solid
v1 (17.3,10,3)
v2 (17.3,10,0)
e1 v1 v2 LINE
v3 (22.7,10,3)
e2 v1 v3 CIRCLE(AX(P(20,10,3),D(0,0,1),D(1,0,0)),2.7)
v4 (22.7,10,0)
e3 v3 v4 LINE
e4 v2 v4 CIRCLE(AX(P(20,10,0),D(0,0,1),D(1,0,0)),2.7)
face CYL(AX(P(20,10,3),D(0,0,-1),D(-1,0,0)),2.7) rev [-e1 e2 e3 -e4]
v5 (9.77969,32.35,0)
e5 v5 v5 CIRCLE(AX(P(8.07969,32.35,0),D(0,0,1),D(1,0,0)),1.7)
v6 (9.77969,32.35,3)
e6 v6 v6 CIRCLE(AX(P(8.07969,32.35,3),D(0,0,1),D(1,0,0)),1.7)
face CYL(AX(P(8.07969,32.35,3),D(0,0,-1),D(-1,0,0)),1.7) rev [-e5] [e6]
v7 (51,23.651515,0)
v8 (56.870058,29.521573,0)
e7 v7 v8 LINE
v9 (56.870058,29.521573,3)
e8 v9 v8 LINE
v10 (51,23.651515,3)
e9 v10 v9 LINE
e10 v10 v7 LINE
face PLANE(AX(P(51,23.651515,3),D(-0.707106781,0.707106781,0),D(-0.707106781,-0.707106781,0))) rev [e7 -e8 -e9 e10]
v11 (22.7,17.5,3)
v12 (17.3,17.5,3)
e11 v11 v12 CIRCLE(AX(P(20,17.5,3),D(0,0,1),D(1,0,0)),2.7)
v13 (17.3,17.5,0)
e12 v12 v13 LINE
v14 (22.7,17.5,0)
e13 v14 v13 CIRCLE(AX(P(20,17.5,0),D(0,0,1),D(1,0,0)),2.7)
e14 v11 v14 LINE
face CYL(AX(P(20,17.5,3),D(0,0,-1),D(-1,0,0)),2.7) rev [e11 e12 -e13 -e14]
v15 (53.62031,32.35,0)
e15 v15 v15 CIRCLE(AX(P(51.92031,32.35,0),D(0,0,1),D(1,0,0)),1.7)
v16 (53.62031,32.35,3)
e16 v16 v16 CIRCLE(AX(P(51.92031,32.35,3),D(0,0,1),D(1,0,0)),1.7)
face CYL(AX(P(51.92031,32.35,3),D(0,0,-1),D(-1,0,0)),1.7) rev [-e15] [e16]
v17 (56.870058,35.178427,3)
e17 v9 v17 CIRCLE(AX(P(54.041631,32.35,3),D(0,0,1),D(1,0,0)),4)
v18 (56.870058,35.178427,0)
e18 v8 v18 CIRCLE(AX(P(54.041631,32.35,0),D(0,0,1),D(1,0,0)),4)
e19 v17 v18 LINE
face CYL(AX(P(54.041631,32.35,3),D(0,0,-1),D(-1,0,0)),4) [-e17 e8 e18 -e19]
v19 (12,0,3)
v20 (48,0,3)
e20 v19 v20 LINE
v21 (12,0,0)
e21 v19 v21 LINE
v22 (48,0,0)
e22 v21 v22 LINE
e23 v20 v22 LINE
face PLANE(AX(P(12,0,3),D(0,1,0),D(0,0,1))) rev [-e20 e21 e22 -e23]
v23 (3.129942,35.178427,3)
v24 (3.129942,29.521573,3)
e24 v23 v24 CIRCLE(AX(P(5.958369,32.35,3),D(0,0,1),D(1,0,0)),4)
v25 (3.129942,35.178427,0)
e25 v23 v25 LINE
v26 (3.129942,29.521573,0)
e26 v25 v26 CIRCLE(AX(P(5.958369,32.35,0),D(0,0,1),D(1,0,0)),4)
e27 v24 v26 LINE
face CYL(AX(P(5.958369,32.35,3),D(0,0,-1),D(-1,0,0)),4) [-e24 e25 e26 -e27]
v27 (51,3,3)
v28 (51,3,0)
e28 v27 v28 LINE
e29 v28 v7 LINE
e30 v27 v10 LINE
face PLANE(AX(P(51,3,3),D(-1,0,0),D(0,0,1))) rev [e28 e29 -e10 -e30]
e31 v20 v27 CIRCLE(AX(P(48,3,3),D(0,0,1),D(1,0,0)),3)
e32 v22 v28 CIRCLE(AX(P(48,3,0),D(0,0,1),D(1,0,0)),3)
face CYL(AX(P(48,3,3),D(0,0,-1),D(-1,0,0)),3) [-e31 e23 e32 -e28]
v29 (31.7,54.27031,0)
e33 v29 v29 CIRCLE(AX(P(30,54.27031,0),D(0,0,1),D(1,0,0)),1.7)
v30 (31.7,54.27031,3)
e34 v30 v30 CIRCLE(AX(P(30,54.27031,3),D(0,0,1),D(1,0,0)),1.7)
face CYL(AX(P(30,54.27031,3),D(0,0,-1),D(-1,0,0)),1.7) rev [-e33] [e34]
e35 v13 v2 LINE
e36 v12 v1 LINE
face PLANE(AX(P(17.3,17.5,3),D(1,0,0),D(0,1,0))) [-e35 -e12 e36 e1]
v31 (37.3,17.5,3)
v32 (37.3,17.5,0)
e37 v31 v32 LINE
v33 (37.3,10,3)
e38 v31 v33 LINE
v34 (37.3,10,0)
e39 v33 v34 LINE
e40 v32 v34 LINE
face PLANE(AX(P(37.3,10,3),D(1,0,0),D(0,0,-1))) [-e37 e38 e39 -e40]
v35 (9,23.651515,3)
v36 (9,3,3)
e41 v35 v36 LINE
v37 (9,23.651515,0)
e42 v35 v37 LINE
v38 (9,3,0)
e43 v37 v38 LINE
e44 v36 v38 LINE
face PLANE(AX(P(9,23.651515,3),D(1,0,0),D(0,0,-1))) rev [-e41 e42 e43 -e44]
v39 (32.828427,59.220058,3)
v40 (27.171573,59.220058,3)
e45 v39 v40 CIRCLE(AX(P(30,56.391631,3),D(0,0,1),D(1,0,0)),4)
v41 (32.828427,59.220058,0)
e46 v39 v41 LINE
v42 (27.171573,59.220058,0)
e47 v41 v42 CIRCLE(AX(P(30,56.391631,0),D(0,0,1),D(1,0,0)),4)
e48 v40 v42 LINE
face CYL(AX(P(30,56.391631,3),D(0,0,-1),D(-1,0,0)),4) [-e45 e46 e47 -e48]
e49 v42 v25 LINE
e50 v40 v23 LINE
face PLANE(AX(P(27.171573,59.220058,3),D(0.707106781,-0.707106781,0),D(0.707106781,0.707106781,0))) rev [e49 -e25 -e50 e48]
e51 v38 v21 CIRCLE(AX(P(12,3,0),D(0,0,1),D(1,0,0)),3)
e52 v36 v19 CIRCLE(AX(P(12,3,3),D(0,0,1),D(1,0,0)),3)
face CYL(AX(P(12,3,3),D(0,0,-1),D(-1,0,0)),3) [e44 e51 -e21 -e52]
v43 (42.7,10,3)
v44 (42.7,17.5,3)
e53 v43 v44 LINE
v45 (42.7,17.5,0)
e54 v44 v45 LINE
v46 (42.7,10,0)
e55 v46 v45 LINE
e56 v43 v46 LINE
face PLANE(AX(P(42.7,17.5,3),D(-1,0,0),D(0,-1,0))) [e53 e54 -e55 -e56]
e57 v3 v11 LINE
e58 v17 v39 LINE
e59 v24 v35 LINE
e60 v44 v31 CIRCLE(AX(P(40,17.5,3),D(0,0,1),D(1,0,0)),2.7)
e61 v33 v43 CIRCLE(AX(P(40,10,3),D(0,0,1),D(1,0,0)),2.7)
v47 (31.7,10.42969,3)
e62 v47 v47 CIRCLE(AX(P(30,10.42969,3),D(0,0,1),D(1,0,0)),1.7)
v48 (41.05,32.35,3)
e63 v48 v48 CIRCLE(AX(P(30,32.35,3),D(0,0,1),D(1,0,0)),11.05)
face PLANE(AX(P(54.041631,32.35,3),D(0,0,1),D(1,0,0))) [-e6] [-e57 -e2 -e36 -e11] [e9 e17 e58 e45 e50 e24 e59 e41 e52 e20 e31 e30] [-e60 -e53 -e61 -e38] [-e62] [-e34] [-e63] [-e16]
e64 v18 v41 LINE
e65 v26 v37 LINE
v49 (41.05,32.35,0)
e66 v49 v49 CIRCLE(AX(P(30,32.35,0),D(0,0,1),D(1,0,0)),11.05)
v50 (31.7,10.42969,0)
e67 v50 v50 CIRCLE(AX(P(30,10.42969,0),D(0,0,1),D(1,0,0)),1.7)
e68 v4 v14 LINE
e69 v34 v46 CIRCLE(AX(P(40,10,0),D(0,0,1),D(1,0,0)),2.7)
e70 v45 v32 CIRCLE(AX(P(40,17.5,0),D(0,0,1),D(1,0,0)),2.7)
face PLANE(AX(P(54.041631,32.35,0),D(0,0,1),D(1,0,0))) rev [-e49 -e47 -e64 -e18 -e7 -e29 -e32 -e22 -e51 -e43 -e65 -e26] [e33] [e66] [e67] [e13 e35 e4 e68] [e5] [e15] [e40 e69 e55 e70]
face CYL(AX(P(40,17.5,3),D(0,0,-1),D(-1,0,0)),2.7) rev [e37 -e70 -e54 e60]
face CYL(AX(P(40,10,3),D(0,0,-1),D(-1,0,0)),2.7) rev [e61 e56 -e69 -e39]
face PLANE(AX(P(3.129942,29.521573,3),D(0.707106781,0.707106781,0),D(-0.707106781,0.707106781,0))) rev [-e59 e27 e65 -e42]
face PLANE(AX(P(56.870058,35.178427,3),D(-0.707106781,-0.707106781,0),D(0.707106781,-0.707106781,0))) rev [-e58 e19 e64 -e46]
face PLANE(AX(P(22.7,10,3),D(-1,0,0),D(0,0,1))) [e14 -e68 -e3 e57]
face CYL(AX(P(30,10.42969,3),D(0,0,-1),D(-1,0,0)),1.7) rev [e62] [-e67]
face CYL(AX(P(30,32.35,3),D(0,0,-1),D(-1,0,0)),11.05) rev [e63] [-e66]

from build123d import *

# Parameters (mm, degrees)
MODEL_R                         = 1.7
MODEL_R_2                       = 11.05
AUFSATZ_LINEAR_AUSTRAGEN1_DEPTH = 3


with BuildPart() as part:
    # Model → Aufsatz-Linear austragen1 (new body)
    with BuildSketch(Plane.XY):
        with BuildLine():
            Line((51, 3), (51, 23.65151519))
            Line((51, 23.65151519), (56.870057685, 29.521572875))
            ThreePointArc((56.870057685, 29.521572875), (58.04163056, 32.35), (56.870057685, 35.178427125))
            Line((56.870057685, 35.178427125), (32.828427125, 59.220057685))
            ThreePointArc((32.828427125, 59.220057685), (30, 60.39163056), (27.171572875, 59.220057685))
            Line((27.171572875, 59.220057685), (3.129942315, 35.178427125))
            ThreePointArc((3.129942315, 35.178427125), (1.95836944, 32.35), (3.129942315, 29.521572875))
            Line((3.129942315, 29.521572875), (9, 23.65151519))
            Line((9, 23.65151519), (9, 3))
            ThreePointArc((9, 3), (9.878679656, 0.878679656), (12, 0))
            Line((12, 0), (48, 0))
            ThreePointArc((48, 0), (50.121320344, 0.878679656), (51, 3))
        make_face()
        with Locations((30, 10.429689783)):
            Circle(MODEL_R, mode=Mode.SUBTRACT)
        with Locations((51.920310217, 32.35)):
            Circle(MODEL_R, mode=Mode.SUBTRACT)
        with Locations((30, 54.270310217)):
            Circle(MODEL_R, mode=Mode.SUBTRACT)
        with Locations((8.079689783, 32.35)):
            Circle(MODEL_R, mode=Mode.SUBTRACT)
        with Locations((30, 32.35)):
            Circle(MODEL_R_2, mode=Mode.SUBTRACT)
        with BuildLine():
            Line((22.7, 10), (22.7, 17.5))
            ThreePointArc((22.7, 17.5), (20, 20.2), (17.3, 17.5))
            Line((17.3, 17.5), (17.3, 10))
            ThreePointArc((17.3, 10), (20, 7.3), (22.7, 10))
        make_face(mode=Mode.SUBTRACT)
        with BuildLine():
            Line((37.3, 10), (37.3, 17.5))
            ThreePointArc((37.3, 17.5), (40, 20.2), (42.7, 17.5))
            Line((42.7, 17.5), (42.7, 10))
            ThreePointArc((42.7, 10), (40, 7.3), (37.3, 10))
        make_face(mode=Mode.SUBTRACT)
    extrude(amount=AUFSATZ_LINEAR_AUSTRAGEN1_DEPTH)


solid = part.part
